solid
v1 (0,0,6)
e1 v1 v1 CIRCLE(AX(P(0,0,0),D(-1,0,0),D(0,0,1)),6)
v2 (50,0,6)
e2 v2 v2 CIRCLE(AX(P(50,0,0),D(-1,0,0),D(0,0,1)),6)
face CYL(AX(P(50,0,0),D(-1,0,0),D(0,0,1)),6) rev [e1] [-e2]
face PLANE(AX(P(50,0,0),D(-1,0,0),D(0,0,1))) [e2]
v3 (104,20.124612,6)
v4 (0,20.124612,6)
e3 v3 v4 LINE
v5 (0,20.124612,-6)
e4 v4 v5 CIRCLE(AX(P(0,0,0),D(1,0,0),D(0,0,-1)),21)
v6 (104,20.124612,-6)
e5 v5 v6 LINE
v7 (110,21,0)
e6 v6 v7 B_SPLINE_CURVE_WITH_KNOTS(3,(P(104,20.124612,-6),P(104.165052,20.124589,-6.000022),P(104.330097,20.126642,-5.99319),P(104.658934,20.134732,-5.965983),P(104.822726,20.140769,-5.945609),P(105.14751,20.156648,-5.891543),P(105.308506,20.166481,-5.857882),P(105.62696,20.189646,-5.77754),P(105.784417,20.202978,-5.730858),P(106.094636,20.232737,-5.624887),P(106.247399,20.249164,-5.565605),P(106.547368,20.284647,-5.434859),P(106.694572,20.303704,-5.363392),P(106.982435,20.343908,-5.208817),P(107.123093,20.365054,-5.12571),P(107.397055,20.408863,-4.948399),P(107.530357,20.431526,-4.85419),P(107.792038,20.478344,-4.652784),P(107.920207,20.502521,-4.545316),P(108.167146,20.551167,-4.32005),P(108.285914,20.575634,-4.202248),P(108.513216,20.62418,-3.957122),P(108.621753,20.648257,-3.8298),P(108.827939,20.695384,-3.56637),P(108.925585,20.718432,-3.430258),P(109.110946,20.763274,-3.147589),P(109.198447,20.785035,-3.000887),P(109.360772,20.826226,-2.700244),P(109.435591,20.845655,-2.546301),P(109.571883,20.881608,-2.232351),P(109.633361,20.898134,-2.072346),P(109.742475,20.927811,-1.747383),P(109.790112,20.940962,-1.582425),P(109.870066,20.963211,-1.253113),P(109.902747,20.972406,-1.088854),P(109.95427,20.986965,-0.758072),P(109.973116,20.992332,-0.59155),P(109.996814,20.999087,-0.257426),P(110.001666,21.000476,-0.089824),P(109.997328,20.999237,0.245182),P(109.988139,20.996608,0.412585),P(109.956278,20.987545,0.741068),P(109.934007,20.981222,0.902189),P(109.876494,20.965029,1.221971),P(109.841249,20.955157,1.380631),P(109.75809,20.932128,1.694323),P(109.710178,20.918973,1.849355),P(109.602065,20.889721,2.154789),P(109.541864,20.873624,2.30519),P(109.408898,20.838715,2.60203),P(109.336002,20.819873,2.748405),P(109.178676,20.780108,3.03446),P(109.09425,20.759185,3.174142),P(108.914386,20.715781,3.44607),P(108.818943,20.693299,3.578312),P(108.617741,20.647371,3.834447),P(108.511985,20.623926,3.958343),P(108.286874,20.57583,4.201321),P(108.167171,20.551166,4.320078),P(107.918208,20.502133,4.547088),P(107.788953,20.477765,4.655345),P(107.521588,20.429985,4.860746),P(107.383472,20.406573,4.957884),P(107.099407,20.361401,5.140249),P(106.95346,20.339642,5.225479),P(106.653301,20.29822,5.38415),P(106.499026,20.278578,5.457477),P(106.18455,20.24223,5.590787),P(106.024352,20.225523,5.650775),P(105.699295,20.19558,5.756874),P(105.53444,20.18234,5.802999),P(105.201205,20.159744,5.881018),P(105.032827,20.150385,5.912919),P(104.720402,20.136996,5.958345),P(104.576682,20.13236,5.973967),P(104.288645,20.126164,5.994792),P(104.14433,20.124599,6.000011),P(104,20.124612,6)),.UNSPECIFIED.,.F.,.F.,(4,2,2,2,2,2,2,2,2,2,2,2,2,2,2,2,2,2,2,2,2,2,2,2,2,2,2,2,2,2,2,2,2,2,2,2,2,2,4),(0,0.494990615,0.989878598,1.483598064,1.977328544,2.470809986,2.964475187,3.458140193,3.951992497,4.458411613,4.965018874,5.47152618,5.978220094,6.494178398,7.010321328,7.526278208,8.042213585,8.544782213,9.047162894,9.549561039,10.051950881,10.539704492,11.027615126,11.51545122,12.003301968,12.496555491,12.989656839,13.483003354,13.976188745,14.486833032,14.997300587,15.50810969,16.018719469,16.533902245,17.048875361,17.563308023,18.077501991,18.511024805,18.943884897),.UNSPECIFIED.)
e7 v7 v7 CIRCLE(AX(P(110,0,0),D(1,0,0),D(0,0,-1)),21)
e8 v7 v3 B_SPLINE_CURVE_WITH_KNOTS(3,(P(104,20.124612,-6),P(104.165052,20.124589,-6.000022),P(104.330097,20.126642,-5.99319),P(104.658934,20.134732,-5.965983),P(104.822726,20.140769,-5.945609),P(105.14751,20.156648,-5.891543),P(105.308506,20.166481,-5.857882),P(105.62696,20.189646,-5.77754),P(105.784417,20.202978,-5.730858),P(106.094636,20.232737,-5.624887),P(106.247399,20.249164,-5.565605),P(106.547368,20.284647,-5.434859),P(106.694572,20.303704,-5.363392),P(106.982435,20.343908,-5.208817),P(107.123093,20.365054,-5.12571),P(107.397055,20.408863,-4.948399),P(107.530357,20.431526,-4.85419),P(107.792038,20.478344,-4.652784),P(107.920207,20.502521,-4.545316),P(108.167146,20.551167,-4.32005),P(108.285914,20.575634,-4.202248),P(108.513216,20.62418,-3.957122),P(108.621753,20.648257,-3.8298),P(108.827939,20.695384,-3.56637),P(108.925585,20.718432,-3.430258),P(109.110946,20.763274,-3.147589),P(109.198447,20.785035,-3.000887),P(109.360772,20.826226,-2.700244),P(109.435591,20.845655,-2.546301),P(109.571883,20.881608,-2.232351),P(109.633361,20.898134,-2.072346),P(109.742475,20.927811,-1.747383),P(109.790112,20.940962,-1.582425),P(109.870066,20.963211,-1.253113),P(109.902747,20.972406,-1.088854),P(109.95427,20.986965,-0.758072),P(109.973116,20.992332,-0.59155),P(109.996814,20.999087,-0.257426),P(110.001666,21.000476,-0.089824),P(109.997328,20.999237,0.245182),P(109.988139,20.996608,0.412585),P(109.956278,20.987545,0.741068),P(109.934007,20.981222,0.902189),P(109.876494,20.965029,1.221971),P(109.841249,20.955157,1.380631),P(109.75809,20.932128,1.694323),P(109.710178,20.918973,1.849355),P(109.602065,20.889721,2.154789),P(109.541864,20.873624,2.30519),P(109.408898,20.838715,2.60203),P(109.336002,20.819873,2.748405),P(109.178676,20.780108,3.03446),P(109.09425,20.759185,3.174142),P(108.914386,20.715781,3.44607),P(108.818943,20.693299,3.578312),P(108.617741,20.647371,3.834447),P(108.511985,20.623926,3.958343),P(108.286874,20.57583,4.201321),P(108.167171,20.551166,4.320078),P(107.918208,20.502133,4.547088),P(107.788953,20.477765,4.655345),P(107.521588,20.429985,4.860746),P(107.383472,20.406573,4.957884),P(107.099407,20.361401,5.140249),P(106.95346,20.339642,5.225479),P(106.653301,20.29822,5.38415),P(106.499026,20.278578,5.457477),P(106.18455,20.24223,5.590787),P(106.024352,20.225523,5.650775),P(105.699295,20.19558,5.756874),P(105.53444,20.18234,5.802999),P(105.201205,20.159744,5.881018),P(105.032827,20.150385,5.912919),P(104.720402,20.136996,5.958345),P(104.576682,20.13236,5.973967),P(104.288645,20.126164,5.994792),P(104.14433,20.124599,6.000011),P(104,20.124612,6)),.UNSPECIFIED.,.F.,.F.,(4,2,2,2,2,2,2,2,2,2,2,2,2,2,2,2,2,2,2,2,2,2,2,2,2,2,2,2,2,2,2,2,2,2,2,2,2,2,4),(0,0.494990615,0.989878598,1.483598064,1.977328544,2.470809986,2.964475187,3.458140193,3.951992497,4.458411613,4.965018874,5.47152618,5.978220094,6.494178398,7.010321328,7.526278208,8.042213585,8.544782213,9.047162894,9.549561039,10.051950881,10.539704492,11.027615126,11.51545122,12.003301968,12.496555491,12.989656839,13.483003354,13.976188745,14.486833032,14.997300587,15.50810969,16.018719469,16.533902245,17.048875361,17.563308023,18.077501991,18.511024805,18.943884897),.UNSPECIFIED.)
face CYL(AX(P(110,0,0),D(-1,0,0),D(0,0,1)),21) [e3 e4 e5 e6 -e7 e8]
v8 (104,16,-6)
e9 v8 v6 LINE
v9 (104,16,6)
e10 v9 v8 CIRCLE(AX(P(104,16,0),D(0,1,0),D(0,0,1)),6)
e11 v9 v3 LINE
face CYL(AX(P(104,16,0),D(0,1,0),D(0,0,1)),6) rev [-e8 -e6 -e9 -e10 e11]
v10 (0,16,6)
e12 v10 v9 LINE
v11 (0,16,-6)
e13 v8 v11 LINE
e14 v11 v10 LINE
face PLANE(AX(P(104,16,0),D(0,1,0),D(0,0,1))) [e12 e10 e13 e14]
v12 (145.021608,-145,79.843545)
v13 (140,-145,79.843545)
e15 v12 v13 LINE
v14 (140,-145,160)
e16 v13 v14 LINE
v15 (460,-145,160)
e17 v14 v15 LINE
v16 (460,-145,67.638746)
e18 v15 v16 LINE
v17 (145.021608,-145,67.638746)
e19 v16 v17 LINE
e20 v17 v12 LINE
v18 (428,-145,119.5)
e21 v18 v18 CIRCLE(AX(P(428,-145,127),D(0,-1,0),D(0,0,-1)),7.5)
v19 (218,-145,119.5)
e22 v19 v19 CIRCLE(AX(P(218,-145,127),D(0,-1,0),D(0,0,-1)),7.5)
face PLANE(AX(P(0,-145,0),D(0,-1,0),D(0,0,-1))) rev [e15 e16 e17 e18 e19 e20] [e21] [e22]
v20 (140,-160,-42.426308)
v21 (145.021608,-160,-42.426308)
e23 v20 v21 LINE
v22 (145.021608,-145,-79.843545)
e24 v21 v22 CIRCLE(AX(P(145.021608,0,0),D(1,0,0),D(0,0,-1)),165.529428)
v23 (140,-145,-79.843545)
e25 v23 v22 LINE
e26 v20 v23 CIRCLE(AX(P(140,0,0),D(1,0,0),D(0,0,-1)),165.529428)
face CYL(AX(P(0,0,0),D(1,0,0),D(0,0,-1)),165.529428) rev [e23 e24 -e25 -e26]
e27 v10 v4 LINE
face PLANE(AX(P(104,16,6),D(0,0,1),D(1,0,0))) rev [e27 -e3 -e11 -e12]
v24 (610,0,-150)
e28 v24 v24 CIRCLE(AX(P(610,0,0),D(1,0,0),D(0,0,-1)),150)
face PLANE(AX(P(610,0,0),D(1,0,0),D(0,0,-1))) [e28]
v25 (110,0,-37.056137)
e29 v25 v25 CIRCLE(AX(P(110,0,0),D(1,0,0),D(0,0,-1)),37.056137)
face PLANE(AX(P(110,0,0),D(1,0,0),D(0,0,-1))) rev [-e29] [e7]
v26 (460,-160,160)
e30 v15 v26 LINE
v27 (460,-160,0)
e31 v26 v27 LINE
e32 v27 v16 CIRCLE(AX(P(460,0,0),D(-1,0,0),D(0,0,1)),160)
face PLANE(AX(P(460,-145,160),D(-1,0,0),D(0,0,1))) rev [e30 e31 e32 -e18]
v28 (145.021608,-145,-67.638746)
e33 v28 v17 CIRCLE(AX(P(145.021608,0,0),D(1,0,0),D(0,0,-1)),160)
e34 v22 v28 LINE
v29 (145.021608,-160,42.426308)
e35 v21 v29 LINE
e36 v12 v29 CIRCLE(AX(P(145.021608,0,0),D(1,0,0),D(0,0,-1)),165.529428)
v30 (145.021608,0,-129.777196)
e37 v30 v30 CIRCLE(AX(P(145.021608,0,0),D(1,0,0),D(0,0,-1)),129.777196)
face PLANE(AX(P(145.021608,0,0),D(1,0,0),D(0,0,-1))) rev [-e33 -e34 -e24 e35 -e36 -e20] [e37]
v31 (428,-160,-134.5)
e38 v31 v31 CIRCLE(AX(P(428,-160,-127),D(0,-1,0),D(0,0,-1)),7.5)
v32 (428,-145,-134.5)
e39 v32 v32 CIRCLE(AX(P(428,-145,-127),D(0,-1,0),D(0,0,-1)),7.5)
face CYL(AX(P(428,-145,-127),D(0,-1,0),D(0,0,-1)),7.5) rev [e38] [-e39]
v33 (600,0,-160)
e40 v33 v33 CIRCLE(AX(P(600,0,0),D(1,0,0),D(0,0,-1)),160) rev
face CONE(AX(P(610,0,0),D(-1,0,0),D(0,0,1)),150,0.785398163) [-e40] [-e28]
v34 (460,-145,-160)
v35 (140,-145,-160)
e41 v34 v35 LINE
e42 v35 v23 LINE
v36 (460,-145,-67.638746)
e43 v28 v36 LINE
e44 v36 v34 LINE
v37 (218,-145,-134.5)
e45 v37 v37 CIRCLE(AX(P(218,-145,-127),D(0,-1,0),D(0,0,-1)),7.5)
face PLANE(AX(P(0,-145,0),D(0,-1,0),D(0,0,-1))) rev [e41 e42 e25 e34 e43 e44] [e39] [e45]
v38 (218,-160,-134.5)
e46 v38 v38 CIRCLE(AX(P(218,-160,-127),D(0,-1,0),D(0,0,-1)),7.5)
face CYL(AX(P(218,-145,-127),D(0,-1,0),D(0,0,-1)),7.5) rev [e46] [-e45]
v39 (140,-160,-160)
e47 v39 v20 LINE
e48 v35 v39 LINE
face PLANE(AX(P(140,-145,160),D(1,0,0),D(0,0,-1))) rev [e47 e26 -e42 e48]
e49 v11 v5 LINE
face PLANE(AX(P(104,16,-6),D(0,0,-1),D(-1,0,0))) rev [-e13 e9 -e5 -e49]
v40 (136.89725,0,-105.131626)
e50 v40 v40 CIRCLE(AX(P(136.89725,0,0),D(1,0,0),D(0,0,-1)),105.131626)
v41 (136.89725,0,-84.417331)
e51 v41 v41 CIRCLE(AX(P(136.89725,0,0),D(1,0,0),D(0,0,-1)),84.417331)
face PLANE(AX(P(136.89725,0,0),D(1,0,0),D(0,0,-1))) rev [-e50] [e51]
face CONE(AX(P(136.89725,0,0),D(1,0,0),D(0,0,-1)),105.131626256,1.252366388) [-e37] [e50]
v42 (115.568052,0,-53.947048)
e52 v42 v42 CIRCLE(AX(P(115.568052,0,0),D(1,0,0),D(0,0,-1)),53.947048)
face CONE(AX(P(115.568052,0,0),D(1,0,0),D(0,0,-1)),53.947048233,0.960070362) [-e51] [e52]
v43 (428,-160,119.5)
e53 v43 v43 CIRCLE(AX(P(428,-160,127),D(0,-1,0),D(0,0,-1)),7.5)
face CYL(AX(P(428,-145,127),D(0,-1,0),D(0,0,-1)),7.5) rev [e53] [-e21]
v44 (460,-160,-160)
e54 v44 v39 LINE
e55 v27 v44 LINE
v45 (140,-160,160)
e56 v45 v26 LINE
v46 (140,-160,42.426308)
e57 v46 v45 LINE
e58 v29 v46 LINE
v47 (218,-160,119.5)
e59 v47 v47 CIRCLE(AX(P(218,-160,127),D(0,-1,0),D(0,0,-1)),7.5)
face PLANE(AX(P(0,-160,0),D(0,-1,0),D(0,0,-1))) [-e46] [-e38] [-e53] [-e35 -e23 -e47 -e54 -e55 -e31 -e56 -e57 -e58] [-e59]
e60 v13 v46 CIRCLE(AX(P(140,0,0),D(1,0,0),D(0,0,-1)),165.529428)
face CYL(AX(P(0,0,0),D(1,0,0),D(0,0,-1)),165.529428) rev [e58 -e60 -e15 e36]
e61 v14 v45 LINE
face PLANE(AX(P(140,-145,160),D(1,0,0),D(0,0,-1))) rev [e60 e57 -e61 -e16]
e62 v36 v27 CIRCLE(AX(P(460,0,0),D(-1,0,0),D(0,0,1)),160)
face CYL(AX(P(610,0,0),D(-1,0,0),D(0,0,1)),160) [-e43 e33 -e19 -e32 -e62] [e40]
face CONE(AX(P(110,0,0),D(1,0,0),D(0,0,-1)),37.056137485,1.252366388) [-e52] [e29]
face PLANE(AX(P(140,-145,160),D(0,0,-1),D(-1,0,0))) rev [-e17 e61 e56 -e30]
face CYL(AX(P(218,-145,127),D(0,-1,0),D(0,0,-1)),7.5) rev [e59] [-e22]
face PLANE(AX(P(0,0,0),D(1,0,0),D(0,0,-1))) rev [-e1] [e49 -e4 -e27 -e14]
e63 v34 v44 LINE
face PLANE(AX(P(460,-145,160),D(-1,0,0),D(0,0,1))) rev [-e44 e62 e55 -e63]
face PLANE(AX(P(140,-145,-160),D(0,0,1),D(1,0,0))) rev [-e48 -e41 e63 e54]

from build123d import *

# Parameters (mm, degrees)
SKETCH1_R           = 21
BOSS_EXTRUDE1_DEPTH = 110
SKETCH2_R           = 160
BOSS_EXTRUDE2_DEPTH = 500
SKETCH3_W           = 320
SKETCH3_H           = 320
BOSS_EXTRUDE3_DEPTH = 15
SKETCH4_R           = 7.5
CUT_EXTRUDE1_DEPTH  = 15
CHAMFER1_SIZE       = 10
CUT_EXTRUDE2_DEPTH  = 5
SKETCH7_R           = 6
CUT_EXTRUDE3_DEPTH  = 50


with BuildPart() as part:
    # Sketch1 → Boss-Extrude1 (new body)
    with BuildSketch(Plane(origin=(0, 0, 0), x_dir=(0, 0, -1), z_dir=(1, 0, 0))):
        Circle(SKETCH1_R)
    extrude(amount=BOSS_EXTRUDE1_DEPTH)

    # Sketch2 → Boss-Extrude2 (add)
    with BuildSketch(Plane(origin=(110, 0, 0), x_dir=(0, 0, -1), z_dir=(1, 0, 0))):
        Circle(SKETCH2_R)
    extrude(amount=BOSS_EXTRUDE2_DEPTH)

    # Sketch3 → Boss-Extrude3 (add)
    with BuildSketch(Plane(origin=(0, -160, 0), x_dir=(1, 0, 0), z_dir=(0, 1, 0))):
        with Locations((300, 0)):
            Rectangle(SKETCH3_W, SKETCH3_H)
    extrude(amount=BOSS_EXTRUDE3_DEPTH)

    # Sketch4 → Cut-Extrude1 (cut)
    with BuildSketch(Plane.XZ.offset(160)):
        with Locations(Location((428, 127, 0), (0, 0, 270))):
            Circle(SKETCH4_R)
        with Locations(Location((218, 127, 0), (0, 0, 270))):
            Circle(SKETCH4_R)
        with Locations(Location((218, -127, 0), (0, 0, 270))):
            Circle(SKETCH4_R)
        with Locations(Location((428, -127, 0), (0, 0, 270))):
            Circle(SKETCH4_R)
    extrude(amount=-CUT_EXTRUDE1_DEPTH, mode=Mode.SUBTRACT)

    # Chamfer1
    chamfer1_edges = [part.edges().sort_by_distance(p)[0] for p in [
        (110, 0, 160),
        (610, 0, 160),
    ]]
    chamfer(chamfer1_edges, length=CHAMFER1_SIZE)

    # Sketch5 → Cut-Revolve1 (revolve, cut)
    with BuildSketch(Plane.XY, mode=Mode.PRIVATE) as cut_revolve1_sk:
        Polygon((145.021608212, 165.529428324), (110, 165.529428324), (110, 37.056137485), (115.568052014, 53.947048233), (126.316813399, 69.30242164), (136.897249661, 84.417330587), (136.897249661, 105.131626256), (145.021608212, 129.777196164), align=None)
    revolve(cut_revolve1_sk.sketch.rotate(Axis((0, 0, 0), (-1, 0, 0)), 90), axis=Axis((0, 0, 0), (-1, 0, 0)), mode=Mode.SUBTRACT)

    # Sketch6 → Cut-Extrude2 (cut)
    with BuildSketch(Plane(origin=(0, 21, 0), x_dir=(1, 0, 0), z_dir=(0, 1, 0))):
        with BuildLine():
            Line((104, 6), (0, 6))
            Line((0, 6), (0, -6))
            Line((0, -6), (104, -6))
            ThreePointArc((104, -6), (110, 0), (104, 6))
        make_face()
    extrude(amount=-CUT_EXTRUDE2_DEPTH, mode=Mode.SUBTRACT)

    # Sketch7 → Cut-Extrude3 (cut)
    with BuildSketch(Plane.ZY):
        Circle(SKETCH7_R)
    extrude(amount=-CUT_EXTRUDE3_DEPTH, mode=Mode.SUBTRACT)


solid = part.part
